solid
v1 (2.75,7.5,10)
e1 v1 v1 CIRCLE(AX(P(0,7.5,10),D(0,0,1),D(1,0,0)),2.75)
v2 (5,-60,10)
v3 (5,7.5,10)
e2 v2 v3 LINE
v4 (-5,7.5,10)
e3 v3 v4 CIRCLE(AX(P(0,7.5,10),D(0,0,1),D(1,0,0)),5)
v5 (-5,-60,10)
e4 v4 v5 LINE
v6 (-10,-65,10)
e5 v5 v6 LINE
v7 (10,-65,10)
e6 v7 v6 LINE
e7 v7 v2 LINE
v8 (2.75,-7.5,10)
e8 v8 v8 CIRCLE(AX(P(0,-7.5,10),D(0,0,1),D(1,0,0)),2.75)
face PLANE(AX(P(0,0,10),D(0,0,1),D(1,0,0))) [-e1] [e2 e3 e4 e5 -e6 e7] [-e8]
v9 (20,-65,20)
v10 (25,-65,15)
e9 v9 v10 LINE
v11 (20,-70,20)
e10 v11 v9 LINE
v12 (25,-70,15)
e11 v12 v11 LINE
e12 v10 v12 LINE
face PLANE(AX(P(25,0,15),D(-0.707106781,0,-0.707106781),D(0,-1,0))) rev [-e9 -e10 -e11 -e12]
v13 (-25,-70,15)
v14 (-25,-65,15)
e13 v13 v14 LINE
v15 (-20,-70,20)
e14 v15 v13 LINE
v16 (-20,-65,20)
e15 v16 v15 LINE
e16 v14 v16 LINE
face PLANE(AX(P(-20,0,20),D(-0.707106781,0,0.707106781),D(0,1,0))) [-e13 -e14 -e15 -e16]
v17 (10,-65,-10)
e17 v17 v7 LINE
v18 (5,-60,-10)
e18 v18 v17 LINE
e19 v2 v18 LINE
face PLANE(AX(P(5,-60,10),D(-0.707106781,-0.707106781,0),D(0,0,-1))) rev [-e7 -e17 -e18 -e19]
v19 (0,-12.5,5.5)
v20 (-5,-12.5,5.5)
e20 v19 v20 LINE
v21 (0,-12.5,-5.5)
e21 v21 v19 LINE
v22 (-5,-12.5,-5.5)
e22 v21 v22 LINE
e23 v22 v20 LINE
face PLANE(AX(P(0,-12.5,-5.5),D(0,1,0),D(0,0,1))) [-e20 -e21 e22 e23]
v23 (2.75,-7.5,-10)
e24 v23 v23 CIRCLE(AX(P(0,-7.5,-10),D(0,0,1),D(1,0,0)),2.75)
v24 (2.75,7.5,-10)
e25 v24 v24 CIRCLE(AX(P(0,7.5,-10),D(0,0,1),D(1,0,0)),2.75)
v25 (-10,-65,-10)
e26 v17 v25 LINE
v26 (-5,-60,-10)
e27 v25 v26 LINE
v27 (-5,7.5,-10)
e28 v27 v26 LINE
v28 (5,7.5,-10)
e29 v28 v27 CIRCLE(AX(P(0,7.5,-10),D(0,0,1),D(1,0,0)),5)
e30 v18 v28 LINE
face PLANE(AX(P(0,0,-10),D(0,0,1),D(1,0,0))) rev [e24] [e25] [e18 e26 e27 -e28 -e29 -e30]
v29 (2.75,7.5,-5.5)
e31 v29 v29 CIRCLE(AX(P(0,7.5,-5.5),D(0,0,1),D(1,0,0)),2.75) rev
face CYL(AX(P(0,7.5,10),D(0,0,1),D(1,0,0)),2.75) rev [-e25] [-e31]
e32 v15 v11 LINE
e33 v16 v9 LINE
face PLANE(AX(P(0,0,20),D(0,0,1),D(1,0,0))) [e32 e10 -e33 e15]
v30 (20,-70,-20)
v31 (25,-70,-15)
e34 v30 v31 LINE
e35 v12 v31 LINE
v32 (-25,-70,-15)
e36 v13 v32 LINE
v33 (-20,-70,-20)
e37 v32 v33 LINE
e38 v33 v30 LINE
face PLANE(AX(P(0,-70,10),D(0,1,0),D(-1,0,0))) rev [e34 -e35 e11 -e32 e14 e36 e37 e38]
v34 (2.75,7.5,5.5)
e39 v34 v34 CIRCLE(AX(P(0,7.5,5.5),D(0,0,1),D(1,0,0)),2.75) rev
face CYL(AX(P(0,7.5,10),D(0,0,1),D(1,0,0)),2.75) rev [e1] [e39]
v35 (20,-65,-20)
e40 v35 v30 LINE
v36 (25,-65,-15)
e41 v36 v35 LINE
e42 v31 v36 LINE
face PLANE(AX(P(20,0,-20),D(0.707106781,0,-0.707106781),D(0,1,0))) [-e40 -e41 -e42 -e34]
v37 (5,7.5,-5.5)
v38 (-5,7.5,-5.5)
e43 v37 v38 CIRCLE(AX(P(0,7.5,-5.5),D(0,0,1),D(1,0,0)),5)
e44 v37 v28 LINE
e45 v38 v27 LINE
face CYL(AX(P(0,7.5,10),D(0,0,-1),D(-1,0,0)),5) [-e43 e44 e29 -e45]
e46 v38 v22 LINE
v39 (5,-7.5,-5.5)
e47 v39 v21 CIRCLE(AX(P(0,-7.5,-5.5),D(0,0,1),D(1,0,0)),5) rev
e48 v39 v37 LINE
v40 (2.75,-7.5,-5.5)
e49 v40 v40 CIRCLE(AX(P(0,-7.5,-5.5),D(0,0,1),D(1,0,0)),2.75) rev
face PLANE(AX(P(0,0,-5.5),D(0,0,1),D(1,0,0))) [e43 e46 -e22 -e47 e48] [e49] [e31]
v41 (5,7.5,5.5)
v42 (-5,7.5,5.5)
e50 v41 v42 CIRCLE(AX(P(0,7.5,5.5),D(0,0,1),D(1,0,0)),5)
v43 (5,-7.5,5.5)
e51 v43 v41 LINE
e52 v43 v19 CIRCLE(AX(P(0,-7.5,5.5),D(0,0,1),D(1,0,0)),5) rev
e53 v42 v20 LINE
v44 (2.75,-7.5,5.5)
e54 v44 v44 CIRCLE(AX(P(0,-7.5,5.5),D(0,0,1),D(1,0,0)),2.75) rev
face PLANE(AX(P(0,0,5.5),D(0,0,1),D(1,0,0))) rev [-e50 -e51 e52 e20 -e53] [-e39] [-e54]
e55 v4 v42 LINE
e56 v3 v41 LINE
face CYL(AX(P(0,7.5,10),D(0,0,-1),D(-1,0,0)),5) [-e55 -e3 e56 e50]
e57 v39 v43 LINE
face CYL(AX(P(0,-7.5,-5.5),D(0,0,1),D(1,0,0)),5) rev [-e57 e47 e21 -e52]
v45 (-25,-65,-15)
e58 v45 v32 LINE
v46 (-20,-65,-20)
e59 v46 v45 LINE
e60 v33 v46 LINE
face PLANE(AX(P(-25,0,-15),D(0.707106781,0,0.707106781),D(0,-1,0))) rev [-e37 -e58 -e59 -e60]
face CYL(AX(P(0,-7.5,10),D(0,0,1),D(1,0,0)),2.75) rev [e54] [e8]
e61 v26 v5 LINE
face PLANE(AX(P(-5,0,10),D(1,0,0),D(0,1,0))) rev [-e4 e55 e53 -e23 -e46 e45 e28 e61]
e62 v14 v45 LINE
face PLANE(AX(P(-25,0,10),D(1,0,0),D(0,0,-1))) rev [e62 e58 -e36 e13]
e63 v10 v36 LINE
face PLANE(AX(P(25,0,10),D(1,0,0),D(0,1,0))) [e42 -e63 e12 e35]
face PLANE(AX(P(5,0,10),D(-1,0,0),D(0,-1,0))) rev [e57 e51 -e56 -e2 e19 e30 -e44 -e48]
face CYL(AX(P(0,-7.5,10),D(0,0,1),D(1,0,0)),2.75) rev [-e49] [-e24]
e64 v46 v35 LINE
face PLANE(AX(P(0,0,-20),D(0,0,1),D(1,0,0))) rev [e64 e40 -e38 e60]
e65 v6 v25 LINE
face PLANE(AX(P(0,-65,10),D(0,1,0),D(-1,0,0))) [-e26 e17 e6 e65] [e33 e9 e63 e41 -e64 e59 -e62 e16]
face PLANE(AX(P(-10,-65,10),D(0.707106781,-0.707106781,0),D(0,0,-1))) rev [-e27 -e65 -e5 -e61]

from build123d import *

# Parameters (mm, degrees)
BOSS_EXTRUDE1_DEPTH  = 10
M5_CLEARANCE_HOLE1_D = 5.5
CUT_EXTRUDE1_DEPTH   = 5.5
BOSS_EXTRUDE2_DEPTH  = 20
CHAMFER1_SIZE        = 5


with BuildPart() as part:
    # Sketch1 → Boss-Extrude1 (new, symmetric)
    with BuildSketch(Plane.XY):
        with BuildLine():
            Line((-5, -65), (-25, -65))
            Line((-25, -65), (-25, -70))
            Line((-25, -70), (25, -70))
            Line((25, -70), (25, -65))
            Line((25, -65), (5, -65))
            Line((5, -65), (5, 7.5))
            ThreePointArc((5, 7.5), (0, 12.5), (-5, 7.5))
            Line((-5, 7.5), (-5, -65))
        make_face()
    extrude(amount=BOSS_EXTRUDE1_DEPTH, both=True)

    # M5 Clearance Hole1 (through all)
    with Locations(Plane.XY.offset(10)):
        with Locations((0, 7.5), (0, -7.5)):
            Hole(M5_CLEARANCE_HOLE1_D / 2)

    # Sketch1<3> → Cut-Extrude1 (cut, symmetric)
    with BuildSketch(Plane.XY):
        with BuildLine():
            ThreePointArc((0, -12.5), (3.535533906, -11.035533906), (5, -7.5))
            Line((5, -7.5), (5, 7.5))
            ThreePointArc((5, 7.5), (0, 12.5), (-5, 7.5))
            Line((-5, 7.5), (-5, -12.5))
            Line((-5, -12.5), (0, -12.5))
        make_face()
    extrude(amount=CUT_EXTRUDE1_DEPTH, both=True, mode=Mode.SUBTRACT)

    # Sketch1<4> → Boss-Extrude2 (add, symmetric)
    with BuildSketch(Plane.XY):
        Polygon((25, -65), (5, -65), (-5, -65), (-25, -65), (-25, -70), (25, -70), align=None)
    extrude(amount=BOSS_EXTRUDE2_DEPTH, both=True)

    # Chamfer1
    chamfer1_edges = [part.edges().sort_by_distance(p)[0] for p in [
        (5, -65, 0),
        (-5, -65, 0),
        (25, -67.5, -20),
        (-25, -67.5, -20),
        (25, -67.5, 20),
        (-25, -67.5, 20),
    ]]
    chamfer(chamfer1_edges, length=CHAMFER1_SIZE)


solid = part.part
